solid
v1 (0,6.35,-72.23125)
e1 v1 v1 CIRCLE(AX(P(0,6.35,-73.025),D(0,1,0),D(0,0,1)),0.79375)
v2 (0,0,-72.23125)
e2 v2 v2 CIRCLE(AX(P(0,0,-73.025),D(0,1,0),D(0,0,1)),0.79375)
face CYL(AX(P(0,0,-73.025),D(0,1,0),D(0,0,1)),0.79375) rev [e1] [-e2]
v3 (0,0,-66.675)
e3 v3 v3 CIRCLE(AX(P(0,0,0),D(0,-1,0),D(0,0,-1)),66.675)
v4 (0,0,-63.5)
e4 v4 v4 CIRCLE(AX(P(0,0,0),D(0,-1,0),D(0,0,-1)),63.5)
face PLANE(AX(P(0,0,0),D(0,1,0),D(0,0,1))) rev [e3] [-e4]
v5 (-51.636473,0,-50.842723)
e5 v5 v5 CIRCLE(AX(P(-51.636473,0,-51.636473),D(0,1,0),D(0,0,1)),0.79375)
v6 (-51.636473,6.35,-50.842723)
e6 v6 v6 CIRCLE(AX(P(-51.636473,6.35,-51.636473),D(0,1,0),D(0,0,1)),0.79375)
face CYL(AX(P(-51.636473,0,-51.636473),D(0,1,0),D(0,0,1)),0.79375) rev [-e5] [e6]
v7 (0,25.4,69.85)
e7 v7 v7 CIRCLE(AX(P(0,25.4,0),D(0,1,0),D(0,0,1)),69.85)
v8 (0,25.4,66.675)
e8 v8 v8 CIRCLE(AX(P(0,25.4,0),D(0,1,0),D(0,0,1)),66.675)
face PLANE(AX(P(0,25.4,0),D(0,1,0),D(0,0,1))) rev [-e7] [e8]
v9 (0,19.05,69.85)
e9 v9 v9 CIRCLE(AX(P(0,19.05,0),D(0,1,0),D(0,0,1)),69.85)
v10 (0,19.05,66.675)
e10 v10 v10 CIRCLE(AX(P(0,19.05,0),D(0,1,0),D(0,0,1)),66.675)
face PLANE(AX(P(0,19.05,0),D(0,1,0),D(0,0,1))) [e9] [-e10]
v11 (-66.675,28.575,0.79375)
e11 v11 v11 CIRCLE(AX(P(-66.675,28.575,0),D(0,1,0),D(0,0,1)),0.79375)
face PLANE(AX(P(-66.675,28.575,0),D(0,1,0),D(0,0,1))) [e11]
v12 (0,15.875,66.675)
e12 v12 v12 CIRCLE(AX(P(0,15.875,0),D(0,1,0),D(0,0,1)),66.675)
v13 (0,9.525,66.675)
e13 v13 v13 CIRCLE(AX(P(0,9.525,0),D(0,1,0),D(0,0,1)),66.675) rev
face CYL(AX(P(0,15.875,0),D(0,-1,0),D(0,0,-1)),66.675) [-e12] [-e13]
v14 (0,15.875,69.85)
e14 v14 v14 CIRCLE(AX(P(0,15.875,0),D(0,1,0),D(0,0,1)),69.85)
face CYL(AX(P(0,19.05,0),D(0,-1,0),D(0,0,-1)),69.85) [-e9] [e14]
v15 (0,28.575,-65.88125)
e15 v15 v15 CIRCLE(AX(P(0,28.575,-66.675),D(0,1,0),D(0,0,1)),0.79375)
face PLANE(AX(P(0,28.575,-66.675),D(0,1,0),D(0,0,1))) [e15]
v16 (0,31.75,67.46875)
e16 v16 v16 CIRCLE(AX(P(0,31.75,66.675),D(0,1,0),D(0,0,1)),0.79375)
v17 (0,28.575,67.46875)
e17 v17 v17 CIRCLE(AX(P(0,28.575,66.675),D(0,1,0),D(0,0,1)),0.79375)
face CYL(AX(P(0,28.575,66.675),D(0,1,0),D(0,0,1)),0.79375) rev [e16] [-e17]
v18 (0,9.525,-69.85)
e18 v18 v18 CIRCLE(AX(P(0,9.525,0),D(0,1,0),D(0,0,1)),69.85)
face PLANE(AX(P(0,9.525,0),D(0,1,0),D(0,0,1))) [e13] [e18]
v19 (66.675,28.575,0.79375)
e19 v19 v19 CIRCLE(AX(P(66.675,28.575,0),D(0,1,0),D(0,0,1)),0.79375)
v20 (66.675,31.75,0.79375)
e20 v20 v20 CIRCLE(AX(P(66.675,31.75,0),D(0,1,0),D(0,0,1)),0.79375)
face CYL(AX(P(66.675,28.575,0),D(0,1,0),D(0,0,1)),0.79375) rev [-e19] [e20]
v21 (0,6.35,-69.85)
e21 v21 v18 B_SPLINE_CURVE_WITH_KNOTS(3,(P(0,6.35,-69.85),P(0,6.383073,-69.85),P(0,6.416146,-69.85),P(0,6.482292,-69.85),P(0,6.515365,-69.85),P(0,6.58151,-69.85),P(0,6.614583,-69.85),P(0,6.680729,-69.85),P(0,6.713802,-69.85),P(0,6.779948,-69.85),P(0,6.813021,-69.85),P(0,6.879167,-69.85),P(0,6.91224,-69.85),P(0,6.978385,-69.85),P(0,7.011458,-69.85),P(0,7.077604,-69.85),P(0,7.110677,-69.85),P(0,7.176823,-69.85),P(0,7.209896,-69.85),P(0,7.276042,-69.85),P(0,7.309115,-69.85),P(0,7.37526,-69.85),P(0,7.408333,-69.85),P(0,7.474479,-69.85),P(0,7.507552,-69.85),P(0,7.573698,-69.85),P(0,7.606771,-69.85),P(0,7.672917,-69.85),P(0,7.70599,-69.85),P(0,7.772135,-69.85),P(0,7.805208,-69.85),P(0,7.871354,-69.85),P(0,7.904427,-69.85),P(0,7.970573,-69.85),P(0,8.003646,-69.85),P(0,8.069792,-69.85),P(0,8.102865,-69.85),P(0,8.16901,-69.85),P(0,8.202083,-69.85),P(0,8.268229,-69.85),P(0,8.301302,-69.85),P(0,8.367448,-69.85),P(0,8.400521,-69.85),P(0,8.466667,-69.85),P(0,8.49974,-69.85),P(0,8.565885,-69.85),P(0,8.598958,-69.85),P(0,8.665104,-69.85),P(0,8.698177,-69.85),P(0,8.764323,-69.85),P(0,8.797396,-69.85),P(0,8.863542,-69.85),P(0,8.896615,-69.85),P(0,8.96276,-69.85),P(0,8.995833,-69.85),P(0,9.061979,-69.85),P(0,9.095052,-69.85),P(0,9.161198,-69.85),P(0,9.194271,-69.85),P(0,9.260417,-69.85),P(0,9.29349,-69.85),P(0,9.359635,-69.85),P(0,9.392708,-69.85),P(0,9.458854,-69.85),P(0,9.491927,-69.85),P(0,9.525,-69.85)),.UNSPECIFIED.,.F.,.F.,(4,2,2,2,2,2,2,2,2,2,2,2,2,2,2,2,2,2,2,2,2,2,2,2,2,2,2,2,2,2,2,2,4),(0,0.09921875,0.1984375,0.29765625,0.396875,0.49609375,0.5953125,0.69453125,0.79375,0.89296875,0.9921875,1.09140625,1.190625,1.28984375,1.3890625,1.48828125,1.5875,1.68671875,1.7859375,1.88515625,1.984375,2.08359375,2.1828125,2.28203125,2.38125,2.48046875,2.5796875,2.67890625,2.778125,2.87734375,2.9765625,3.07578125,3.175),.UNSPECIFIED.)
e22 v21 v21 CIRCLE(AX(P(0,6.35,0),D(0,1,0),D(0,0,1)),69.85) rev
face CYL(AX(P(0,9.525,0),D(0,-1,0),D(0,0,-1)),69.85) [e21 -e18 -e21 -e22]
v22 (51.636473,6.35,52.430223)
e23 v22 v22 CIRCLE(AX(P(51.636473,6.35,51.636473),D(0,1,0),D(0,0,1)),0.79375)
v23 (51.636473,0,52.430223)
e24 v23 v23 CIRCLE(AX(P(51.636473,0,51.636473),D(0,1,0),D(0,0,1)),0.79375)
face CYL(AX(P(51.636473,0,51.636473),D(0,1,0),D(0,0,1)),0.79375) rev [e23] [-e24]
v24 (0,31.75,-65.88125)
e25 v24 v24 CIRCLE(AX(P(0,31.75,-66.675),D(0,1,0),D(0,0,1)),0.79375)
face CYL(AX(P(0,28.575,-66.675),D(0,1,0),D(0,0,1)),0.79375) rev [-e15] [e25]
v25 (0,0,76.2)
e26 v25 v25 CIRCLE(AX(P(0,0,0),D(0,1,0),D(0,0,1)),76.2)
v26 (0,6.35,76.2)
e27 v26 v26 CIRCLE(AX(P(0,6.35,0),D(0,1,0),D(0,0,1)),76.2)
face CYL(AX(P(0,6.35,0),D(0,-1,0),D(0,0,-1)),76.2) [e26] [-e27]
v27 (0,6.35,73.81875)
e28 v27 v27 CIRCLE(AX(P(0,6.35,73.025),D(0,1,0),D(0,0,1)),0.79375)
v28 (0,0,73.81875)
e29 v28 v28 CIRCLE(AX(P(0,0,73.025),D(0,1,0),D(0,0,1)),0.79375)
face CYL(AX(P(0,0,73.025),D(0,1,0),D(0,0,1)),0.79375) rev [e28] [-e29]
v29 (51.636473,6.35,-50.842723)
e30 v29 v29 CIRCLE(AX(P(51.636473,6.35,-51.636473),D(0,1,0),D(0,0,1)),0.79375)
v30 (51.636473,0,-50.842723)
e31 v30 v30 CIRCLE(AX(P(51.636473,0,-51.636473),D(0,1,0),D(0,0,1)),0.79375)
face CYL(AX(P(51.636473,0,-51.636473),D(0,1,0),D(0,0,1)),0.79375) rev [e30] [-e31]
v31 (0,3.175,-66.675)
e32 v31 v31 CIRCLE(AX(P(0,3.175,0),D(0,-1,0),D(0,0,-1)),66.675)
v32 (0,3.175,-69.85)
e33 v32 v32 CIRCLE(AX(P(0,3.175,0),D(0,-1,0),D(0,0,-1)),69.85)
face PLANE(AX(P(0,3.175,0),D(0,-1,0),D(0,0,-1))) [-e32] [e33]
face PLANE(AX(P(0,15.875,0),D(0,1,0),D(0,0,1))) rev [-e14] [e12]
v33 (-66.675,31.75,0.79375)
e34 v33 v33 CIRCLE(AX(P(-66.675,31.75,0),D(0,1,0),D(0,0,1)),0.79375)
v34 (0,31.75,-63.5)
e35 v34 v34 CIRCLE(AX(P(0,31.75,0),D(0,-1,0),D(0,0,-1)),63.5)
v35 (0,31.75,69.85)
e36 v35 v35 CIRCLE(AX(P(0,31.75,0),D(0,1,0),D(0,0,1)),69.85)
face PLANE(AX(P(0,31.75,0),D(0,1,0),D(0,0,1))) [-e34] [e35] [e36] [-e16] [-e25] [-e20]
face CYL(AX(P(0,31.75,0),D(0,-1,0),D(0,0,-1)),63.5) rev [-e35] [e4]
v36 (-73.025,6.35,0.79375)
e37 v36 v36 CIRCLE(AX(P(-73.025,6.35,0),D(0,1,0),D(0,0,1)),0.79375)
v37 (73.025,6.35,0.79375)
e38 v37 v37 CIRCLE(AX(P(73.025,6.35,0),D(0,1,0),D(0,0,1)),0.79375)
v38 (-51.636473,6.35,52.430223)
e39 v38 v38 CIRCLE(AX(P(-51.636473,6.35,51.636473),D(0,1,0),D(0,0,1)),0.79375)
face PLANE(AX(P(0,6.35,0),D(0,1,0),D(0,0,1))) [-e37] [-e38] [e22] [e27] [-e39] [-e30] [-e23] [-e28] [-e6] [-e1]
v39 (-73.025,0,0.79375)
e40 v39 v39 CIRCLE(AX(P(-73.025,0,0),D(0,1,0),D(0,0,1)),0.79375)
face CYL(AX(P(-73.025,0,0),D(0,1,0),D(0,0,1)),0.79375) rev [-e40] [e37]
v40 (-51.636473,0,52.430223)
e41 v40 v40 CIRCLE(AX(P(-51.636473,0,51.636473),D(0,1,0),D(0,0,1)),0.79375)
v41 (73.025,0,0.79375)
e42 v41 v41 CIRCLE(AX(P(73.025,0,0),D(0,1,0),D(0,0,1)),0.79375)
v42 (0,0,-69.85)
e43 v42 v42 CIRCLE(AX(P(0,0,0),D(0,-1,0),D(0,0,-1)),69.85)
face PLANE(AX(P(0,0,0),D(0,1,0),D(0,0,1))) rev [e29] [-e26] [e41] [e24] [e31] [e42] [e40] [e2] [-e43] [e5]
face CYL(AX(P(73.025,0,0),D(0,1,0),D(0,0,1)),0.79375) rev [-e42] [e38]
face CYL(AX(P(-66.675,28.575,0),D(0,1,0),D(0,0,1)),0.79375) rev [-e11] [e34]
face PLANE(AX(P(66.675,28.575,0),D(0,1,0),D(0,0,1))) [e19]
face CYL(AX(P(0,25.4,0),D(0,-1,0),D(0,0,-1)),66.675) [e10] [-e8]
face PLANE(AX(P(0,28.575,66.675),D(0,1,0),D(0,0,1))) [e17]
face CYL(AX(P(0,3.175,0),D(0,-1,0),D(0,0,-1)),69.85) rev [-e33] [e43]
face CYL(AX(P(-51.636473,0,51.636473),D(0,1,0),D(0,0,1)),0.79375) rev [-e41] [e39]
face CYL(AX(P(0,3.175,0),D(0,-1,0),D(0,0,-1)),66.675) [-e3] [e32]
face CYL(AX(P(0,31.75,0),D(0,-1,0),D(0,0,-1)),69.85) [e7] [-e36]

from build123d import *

# Parameters (mm, degrees)
SKETCH2_R           = 76.2
BOSS_EXTRUDE1_DEPTH = 6.35
SKETCH3_R           = 69.85
BOSS_EXTRUDE2_DEPTH = 9.525
SKETCH4_R           = 66.675
BOSS_EXTRUDE3_DEPTH = 15.875
SKETCH6_R           = 69.85
BOSS_EXTRUDE4_DEPTH = 3.175
SKETCH7_R           = 66.675
BOSS_EXTRUDE5_DEPTH = 6.35
SKETCH8_R           = 69.85
BOSS_EXTRUDE6_DEPTH = 6.35
SKETCH9_R           = 63.5
CUT_EXTRUDE1_DEPTH  = 113.342968182
SKETCH10_R          = 0.79375
CUT_EXTRUDE2_DEPTH  = 111.716033166
SKETCH11_R          = 69.85
SKETCH11_R_2        = 66.675
CUT_EXTRUDE3_DEPTH  = 3.175
SKETCH12_R          = 0.79375
CUT_EXTRUDE4_DEPTH  = 3.175


with BuildPart() as part:
    # Sketch2 → Boss-Extrude1 (new body)
    with BuildSketch(Plane(origin=(0, 0, 0), x_dir=(1, 0, 0), z_dir=(0, 1, 0))):
        with Locations(Location((0, 0, 0), (0, 0, 270))):
            Circle(SKETCH2_R)
    extrude(amount=BOSS_EXTRUDE1_DEPTH)

    # Sketch3 → Boss-Extrude2 (add)
    with BuildSketch(Plane(origin=(0, 0, 0), x_dir=(1, 0, 0), z_dir=(0, 1, 0))):
        with Locations(Location((0, 0, 0), (0, 0, 90))):
            Circle(SKETCH3_R)
    extrude(amount=BOSS_EXTRUDE2_DEPTH)

    # Sketch4 → Boss-Extrude3 (add)
    with BuildSketch(Plane(origin=(0, 0, 0), x_dir=(1, 0, 0), z_dir=(0, 1, 0))):
        with Locations(Location((0, 0, 0), (0, 0, 270))):
            Circle(SKETCH4_R)
    extrude(amount=BOSS_EXTRUDE3_DEPTH)

    # Sketch6 → Boss-Extrude4 (add)
    with BuildSketch(Plane(origin=(0, 15.875, 0), x_dir=(1, 0, 0), z_dir=(0, 1, 0))):
        with Locations(Location((0, 0, 0), (0, 0, 90))):
            Circle(SKETCH6_R)
    extrude(amount=BOSS_EXTRUDE4_DEPTH)

    # Sketch7 → Boss-Extrude5 (add)
    with BuildSketch(Plane(origin=(0, 19.05, 0), x_dir=(1, 0, 0), z_dir=(0, 1, 0))):
        with Locations(Location((0, 0, 0), (0, 0, 270))):
            Circle(SKETCH7_R)
    extrude(amount=BOSS_EXTRUDE5_DEPTH)

    # Sketch8 → Boss-Extrude6 (add)
    with BuildSketch(Plane(origin=(0, 25.4, 0), x_dir=(1, 0, 0), z_dir=(0, 1, 0))):
        with Locations(Location((0, 0, 0), (0, 0, 90))):
            Circle(SKETCH8_R)
    extrude(amount=BOSS_EXTRUDE6_DEPTH)

    # Sketch9 → Cut-Extrude1 (cut, through all)
    with BuildSketch(Plane.XZ):
        with Locations(Location((0, 0, 0), (0, 0, 270))):
            Circle(SKETCH9_R)
    extrude(amount=-CUT_EXTRUDE1_DEPTH, mode=Mode.SUBTRACT)

    # Sketch10 → Cut-Extrude2 (cut, through all)
    with BuildSketch(Plane(origin=(0, 6.35, 0), x_dir=(1, 0, 0), z_dir=(0, 1, 0))):
        with Locations(Location((0, 73.025, 0), (0, 0, 270))):
            Circle(SKETCH10_R)
        with Locations(Location((51.636472696, 51.636472696, 0), (0, 0, 270))):
            Circle(SKETCH10_R)
        with Locations(Location((73.025, 0, 0), (0, 0, 270))):
            Circle(SKETCH10_R)
        with Locations(Location((51.636472696, -51.636472696, 0), (0, 0, 270))):
            Circle(SKETCH10_R)
        with Locations(Location((0, -73.025, 0), (0, 0, 270))):
            Circle(SKETCH10_R)
        with Locations(Location((-51.636472696, -51.636472696, 0), (0, 0, 270))):
            Circle(SKETCH10_R)
        with Locations(Location((-73.025, 0, 0), (0, 0, 270))):
            Circle(SKETCH10_R)
        with Locations(Location((-51.636472696, 51.636472696, 0), (0, 0, 270))):
            Circle(SKETCH10_R)
    extrude(amount=-CUT_EXTRUDE2_DEPTH, mode=Mode.SUBTRACT)

    # Sketch11 → Cut-Extrude3 (cut)
    with BuildSketch(Plane.XZ):
        with Locations(Location((0, 0, 0), (0, 0, 270))):
            Circle(SKETCH11_R)
        with Locations(Location((0, 0, 0), (0, 0, 90))):
            Circle(SKETCH11_R_2, mode=Mode.SUBTRACT)
    extrude(amount=-CUT_EXTRUDE3_DEPTH, mode=Mode.SUBTRACT)

    # Sketch12 → Cut-Extrude4 (cut)
    with BuildSketch(Plane(origin=(0, 31.75, 0), x_dir=(1, 0, 0), z_dir=(0, 1, 0))):
        with Locations(Location((0, 66.675, 0), (0, 0, 270))):
            Circle(SKETCH12_R)
        with Locations(Location((66.675, 0, 0), (0, 0, 270))):
            Circle(SKETCH12_R)
        with Locations(Location((0, -66.675, 0), (0, 0, 270))):
            Circle(SKETCH12_R)
        with Locations(Location((-66.675, 0, 0), (0, 0, 270))):
            Circle(SKETCH12_R)
    extrude(amount=-CUT_EXTRUDE4_DEPTH, mode=Mode.SUBTRACT)


solid = part.part
